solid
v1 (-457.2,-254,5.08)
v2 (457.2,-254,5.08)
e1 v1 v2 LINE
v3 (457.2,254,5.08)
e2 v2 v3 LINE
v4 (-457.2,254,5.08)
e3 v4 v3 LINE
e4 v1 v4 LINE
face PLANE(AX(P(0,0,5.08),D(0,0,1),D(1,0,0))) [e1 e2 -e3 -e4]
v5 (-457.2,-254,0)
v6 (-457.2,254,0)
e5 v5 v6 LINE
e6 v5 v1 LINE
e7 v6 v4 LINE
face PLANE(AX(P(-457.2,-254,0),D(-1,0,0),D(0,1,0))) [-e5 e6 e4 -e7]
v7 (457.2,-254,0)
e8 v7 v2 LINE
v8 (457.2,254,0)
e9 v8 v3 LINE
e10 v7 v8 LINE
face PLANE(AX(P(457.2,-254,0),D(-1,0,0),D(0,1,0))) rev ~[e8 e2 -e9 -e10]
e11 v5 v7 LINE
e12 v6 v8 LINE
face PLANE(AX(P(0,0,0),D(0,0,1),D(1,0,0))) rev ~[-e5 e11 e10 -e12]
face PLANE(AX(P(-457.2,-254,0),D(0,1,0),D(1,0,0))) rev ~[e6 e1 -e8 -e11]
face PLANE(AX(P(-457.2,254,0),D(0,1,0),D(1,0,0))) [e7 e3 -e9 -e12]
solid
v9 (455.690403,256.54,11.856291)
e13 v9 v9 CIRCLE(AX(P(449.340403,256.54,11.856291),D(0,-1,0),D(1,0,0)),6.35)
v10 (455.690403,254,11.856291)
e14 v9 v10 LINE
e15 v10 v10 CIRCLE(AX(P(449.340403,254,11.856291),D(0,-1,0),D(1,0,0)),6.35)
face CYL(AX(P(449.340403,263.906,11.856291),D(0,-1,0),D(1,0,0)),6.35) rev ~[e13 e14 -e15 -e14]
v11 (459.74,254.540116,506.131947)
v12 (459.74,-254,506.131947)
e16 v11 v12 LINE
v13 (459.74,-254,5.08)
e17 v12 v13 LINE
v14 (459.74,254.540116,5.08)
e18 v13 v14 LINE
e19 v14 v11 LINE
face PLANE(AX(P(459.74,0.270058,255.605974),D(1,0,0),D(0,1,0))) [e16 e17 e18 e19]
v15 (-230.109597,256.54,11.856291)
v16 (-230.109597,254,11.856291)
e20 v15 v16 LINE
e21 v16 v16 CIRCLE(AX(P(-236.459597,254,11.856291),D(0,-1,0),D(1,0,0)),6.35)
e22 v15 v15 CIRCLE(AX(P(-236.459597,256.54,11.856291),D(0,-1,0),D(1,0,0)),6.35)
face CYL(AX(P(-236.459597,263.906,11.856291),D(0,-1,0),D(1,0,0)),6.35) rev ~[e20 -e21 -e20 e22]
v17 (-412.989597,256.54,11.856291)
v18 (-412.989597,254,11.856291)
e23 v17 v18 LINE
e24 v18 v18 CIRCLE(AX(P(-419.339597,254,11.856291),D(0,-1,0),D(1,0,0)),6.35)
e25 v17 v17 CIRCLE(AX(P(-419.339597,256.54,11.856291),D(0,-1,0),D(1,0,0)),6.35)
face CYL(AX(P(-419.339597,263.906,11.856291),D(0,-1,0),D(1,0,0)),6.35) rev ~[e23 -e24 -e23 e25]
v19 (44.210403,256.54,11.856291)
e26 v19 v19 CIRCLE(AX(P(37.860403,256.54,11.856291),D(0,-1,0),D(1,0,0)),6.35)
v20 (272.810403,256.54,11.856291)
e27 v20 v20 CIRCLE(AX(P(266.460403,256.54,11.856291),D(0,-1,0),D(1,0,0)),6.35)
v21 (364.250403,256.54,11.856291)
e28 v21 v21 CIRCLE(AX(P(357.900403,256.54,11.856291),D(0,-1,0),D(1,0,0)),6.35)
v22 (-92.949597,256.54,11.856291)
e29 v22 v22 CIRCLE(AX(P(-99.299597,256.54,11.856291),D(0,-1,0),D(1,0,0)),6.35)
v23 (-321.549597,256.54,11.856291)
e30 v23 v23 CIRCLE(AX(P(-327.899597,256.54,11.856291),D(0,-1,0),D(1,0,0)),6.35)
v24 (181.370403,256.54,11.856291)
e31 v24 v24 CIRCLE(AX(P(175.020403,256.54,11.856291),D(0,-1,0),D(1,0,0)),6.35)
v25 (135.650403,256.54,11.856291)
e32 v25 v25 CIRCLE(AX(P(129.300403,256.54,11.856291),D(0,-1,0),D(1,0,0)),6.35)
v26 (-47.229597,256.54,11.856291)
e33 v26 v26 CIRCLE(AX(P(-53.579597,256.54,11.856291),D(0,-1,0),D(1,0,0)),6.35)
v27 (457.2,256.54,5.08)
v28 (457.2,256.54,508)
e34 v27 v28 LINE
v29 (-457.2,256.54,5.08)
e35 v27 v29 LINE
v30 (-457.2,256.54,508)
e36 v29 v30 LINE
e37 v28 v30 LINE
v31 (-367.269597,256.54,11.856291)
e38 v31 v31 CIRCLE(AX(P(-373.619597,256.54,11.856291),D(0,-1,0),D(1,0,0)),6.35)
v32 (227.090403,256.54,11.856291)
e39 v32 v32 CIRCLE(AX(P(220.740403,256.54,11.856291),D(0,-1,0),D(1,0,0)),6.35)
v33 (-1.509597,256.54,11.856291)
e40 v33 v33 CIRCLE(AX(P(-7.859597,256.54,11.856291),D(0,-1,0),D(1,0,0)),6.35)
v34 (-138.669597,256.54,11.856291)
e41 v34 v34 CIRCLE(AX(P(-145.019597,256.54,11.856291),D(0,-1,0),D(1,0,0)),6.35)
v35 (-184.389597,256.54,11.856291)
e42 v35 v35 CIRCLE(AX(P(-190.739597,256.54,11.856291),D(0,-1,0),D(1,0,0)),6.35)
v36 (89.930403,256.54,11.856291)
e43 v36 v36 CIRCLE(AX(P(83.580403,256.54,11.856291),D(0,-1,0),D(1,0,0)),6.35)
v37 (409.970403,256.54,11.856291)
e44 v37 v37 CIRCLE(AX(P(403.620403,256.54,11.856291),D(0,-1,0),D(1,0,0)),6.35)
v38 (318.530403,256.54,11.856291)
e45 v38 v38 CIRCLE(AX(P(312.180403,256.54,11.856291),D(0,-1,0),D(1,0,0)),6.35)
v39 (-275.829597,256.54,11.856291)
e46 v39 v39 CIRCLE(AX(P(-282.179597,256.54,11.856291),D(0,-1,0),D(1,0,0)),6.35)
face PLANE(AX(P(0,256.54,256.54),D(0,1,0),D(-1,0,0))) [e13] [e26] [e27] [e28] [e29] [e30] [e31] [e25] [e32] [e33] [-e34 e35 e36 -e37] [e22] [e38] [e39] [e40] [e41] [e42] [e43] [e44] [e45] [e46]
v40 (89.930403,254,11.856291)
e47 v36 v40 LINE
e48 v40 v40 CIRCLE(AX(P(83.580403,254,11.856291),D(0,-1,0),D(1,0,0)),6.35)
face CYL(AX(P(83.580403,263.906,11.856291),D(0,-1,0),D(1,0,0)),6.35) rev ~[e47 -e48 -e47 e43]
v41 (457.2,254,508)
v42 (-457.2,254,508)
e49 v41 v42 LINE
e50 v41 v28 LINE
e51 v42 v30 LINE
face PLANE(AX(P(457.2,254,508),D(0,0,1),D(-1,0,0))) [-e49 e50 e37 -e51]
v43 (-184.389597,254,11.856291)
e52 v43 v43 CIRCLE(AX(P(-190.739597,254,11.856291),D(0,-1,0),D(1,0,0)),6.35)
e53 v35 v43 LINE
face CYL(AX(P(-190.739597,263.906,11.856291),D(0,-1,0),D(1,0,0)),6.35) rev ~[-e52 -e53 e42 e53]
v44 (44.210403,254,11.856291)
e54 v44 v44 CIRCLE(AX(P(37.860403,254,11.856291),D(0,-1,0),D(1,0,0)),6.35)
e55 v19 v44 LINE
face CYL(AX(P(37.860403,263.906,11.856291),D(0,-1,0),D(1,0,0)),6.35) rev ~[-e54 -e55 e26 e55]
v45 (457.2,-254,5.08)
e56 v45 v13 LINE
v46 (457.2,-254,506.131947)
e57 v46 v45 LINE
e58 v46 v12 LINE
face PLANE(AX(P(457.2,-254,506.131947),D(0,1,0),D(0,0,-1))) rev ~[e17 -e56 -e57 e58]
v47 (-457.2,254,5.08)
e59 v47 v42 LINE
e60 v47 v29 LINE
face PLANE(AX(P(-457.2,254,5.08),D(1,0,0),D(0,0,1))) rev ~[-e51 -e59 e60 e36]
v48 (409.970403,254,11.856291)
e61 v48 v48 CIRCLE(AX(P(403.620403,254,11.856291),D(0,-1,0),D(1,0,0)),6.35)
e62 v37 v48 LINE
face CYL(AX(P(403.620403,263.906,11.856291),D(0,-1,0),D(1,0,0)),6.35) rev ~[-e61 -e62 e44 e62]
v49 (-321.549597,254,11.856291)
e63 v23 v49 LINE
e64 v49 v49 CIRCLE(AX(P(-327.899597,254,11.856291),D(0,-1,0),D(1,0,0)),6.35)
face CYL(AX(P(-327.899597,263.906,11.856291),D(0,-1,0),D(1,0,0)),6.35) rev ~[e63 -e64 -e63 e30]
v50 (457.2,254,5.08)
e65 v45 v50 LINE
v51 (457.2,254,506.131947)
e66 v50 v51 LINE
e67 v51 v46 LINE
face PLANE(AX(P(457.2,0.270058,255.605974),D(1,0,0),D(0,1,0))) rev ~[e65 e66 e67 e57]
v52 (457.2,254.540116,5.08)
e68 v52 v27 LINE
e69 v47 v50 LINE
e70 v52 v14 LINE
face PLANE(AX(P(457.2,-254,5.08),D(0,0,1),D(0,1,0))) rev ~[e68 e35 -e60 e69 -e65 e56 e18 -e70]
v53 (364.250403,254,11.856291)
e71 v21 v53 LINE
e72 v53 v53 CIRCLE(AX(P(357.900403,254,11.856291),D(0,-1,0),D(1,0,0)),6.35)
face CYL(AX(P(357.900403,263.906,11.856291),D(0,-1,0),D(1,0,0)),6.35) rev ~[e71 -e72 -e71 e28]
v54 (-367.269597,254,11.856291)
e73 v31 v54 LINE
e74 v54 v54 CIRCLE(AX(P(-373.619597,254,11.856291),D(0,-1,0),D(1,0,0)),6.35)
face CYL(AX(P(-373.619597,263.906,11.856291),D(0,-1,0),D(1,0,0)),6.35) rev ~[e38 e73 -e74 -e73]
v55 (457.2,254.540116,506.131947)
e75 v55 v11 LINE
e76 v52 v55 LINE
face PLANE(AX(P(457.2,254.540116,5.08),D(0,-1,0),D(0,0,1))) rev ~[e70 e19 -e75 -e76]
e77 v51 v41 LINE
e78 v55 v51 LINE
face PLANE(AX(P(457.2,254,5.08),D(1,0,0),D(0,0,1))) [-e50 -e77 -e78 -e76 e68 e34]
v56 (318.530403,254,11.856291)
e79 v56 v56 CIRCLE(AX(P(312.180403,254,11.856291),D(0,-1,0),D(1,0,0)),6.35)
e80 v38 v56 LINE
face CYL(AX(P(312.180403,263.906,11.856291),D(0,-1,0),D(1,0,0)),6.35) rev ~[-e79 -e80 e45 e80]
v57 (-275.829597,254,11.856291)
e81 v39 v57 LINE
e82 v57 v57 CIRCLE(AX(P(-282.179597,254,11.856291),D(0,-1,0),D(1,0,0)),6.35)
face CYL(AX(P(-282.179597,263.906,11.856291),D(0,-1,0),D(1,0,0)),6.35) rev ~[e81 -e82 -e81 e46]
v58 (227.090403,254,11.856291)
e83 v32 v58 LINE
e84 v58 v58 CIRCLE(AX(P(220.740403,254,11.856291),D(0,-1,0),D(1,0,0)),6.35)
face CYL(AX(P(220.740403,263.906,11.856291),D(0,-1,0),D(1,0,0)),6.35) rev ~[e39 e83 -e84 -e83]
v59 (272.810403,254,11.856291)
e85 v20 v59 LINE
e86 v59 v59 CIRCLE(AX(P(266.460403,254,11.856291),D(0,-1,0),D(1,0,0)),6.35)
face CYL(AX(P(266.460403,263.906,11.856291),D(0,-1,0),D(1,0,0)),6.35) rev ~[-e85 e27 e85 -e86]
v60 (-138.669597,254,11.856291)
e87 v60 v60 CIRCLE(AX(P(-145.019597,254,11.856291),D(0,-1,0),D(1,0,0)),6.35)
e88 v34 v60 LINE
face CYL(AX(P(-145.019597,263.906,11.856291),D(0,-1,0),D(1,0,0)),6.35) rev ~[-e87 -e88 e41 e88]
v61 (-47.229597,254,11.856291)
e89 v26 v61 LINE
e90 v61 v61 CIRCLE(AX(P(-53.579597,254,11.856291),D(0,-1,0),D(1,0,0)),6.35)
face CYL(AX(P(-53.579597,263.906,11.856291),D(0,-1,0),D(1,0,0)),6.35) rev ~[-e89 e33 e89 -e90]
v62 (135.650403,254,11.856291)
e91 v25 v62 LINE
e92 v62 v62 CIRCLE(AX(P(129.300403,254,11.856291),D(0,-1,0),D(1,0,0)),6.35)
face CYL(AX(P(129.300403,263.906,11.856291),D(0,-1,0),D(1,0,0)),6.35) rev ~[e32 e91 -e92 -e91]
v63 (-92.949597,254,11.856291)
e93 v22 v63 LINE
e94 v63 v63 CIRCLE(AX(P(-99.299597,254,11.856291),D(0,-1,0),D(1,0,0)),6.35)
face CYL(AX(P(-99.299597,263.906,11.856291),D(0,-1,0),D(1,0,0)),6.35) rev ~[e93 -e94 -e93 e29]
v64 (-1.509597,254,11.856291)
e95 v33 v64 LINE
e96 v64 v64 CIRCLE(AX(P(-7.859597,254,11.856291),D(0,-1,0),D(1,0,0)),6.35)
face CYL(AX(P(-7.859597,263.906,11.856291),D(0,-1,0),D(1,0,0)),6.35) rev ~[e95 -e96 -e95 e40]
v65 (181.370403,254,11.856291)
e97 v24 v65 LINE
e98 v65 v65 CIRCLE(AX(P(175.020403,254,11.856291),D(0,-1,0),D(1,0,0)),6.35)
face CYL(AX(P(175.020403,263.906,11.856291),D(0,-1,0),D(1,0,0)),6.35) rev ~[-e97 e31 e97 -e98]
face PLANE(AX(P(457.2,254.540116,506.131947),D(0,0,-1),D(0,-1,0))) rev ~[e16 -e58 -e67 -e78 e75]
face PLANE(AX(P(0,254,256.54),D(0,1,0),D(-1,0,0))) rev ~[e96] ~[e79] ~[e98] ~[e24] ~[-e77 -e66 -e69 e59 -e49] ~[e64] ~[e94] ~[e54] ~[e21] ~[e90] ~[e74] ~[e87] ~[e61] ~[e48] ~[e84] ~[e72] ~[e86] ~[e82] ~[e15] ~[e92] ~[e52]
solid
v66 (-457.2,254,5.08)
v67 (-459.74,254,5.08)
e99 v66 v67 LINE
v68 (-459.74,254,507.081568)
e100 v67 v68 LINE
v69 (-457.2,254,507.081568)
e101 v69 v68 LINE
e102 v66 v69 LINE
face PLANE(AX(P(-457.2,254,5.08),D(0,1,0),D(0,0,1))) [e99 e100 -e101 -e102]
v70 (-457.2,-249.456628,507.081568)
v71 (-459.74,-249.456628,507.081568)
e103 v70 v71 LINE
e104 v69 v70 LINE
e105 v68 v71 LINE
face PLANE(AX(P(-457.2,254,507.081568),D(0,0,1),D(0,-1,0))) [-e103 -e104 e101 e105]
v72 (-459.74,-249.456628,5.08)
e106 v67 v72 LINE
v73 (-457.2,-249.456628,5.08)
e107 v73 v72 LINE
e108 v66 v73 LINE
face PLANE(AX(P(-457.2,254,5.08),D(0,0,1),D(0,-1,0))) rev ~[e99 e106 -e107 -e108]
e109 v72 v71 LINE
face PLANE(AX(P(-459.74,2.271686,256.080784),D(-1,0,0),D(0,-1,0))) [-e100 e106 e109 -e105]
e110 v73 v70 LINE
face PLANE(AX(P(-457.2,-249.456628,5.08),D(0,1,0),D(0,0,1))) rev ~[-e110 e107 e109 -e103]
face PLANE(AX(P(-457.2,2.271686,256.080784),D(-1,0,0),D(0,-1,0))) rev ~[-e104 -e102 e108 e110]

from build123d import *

# Parameters (mm, degrees)
F0_W     = 914.4
F0_H     = 508
F1_DEPTH = 5.08
F2_W     = 914.4
F2_H     = 502.92
F3_DEPTH = 2.54
F4_W     = 503.456629
F4_H     = 502.001568
F5_DEPTH = 2.54
F7_DEPTH = 2.54
F9_D     = 12.7
F9_DEPTH = 7.366


with BuildPart() as f1:
    # F0 (on Top) → F1 (new body)
    with BuildSketch(Plane.XY):
        Rectangle(F0_W, F0_H)
    extrude(amount=F1_DEPTH)



with BuildPart() as f3:
    # F2 (on face) → F3 (new body)
    with BuildSketch(Plane(origin=(0, 254, 0), x_dir=(-1, 0, 0), z_dir=(0, 1, 0))):
        with Locations((0, 256.54)):
            Rectangle(F2_W, F2_H)
    extrude(amount=F3_DEPTH)


with BuildPart() as f5:
    # F4 (on face) → F5 (new body)
    with BuildSketch(Plane(origin=(-457.2, 0, 0), x_dir=(0, -1, 0), z_dir=(-1, 0, 0))):
        with Locations((-2.271686, 256.080784)):
            Rectangle(F4_W, F4_H)
    extrude(amount=F5_DEPTH)


with BuildPart() as f1_1:
    add(f1.part)

    add(f3.part)  # F7 merges F3
    # F6 (on face) → F7 (join)
    with BuildSketch(Plane.YZ.offset(457.2)):
        Polygon((-254, 506.131947), (-254, 5.08), (254, 5.08), (254.540116, 5.08), (254.540116, 506.131947), align=None)
    extrude(amount=F7_DEPTH)

    # F9
    with Locations(Plane(origin=(0, 256.54, 0), x_dir=(-1, 0, 0), z_dir=(0, 1, 0))):
        with Locations((-403.620403, 11.856291), (-449.340403, 11.856291), (-357.900403, 11.856291), (-312.180403, 11.856291), (-266.460403, 11.856291), (-220.740403, 11.856291), (-175.020403, 11.856291), (-129.300403, 11.856291), (-83.580403, 11.856291), (-37.860403, 11.856291), (7.859597, 11.856291), (53.579597, 11.856291), (99.299597, 11.856291), (145.019597, 11.856291), (190.739597, 11.856291), (236.459597, 11.856291), (282.179597, 11.856291), (327.899597, 11.856291), (373.619597, 11.856291), (419.339597, 11.856291)):
            Hole(F9_D / 2, depth=F9_DEPTH)


solid = Compound([f5.part, f1_1.part])
